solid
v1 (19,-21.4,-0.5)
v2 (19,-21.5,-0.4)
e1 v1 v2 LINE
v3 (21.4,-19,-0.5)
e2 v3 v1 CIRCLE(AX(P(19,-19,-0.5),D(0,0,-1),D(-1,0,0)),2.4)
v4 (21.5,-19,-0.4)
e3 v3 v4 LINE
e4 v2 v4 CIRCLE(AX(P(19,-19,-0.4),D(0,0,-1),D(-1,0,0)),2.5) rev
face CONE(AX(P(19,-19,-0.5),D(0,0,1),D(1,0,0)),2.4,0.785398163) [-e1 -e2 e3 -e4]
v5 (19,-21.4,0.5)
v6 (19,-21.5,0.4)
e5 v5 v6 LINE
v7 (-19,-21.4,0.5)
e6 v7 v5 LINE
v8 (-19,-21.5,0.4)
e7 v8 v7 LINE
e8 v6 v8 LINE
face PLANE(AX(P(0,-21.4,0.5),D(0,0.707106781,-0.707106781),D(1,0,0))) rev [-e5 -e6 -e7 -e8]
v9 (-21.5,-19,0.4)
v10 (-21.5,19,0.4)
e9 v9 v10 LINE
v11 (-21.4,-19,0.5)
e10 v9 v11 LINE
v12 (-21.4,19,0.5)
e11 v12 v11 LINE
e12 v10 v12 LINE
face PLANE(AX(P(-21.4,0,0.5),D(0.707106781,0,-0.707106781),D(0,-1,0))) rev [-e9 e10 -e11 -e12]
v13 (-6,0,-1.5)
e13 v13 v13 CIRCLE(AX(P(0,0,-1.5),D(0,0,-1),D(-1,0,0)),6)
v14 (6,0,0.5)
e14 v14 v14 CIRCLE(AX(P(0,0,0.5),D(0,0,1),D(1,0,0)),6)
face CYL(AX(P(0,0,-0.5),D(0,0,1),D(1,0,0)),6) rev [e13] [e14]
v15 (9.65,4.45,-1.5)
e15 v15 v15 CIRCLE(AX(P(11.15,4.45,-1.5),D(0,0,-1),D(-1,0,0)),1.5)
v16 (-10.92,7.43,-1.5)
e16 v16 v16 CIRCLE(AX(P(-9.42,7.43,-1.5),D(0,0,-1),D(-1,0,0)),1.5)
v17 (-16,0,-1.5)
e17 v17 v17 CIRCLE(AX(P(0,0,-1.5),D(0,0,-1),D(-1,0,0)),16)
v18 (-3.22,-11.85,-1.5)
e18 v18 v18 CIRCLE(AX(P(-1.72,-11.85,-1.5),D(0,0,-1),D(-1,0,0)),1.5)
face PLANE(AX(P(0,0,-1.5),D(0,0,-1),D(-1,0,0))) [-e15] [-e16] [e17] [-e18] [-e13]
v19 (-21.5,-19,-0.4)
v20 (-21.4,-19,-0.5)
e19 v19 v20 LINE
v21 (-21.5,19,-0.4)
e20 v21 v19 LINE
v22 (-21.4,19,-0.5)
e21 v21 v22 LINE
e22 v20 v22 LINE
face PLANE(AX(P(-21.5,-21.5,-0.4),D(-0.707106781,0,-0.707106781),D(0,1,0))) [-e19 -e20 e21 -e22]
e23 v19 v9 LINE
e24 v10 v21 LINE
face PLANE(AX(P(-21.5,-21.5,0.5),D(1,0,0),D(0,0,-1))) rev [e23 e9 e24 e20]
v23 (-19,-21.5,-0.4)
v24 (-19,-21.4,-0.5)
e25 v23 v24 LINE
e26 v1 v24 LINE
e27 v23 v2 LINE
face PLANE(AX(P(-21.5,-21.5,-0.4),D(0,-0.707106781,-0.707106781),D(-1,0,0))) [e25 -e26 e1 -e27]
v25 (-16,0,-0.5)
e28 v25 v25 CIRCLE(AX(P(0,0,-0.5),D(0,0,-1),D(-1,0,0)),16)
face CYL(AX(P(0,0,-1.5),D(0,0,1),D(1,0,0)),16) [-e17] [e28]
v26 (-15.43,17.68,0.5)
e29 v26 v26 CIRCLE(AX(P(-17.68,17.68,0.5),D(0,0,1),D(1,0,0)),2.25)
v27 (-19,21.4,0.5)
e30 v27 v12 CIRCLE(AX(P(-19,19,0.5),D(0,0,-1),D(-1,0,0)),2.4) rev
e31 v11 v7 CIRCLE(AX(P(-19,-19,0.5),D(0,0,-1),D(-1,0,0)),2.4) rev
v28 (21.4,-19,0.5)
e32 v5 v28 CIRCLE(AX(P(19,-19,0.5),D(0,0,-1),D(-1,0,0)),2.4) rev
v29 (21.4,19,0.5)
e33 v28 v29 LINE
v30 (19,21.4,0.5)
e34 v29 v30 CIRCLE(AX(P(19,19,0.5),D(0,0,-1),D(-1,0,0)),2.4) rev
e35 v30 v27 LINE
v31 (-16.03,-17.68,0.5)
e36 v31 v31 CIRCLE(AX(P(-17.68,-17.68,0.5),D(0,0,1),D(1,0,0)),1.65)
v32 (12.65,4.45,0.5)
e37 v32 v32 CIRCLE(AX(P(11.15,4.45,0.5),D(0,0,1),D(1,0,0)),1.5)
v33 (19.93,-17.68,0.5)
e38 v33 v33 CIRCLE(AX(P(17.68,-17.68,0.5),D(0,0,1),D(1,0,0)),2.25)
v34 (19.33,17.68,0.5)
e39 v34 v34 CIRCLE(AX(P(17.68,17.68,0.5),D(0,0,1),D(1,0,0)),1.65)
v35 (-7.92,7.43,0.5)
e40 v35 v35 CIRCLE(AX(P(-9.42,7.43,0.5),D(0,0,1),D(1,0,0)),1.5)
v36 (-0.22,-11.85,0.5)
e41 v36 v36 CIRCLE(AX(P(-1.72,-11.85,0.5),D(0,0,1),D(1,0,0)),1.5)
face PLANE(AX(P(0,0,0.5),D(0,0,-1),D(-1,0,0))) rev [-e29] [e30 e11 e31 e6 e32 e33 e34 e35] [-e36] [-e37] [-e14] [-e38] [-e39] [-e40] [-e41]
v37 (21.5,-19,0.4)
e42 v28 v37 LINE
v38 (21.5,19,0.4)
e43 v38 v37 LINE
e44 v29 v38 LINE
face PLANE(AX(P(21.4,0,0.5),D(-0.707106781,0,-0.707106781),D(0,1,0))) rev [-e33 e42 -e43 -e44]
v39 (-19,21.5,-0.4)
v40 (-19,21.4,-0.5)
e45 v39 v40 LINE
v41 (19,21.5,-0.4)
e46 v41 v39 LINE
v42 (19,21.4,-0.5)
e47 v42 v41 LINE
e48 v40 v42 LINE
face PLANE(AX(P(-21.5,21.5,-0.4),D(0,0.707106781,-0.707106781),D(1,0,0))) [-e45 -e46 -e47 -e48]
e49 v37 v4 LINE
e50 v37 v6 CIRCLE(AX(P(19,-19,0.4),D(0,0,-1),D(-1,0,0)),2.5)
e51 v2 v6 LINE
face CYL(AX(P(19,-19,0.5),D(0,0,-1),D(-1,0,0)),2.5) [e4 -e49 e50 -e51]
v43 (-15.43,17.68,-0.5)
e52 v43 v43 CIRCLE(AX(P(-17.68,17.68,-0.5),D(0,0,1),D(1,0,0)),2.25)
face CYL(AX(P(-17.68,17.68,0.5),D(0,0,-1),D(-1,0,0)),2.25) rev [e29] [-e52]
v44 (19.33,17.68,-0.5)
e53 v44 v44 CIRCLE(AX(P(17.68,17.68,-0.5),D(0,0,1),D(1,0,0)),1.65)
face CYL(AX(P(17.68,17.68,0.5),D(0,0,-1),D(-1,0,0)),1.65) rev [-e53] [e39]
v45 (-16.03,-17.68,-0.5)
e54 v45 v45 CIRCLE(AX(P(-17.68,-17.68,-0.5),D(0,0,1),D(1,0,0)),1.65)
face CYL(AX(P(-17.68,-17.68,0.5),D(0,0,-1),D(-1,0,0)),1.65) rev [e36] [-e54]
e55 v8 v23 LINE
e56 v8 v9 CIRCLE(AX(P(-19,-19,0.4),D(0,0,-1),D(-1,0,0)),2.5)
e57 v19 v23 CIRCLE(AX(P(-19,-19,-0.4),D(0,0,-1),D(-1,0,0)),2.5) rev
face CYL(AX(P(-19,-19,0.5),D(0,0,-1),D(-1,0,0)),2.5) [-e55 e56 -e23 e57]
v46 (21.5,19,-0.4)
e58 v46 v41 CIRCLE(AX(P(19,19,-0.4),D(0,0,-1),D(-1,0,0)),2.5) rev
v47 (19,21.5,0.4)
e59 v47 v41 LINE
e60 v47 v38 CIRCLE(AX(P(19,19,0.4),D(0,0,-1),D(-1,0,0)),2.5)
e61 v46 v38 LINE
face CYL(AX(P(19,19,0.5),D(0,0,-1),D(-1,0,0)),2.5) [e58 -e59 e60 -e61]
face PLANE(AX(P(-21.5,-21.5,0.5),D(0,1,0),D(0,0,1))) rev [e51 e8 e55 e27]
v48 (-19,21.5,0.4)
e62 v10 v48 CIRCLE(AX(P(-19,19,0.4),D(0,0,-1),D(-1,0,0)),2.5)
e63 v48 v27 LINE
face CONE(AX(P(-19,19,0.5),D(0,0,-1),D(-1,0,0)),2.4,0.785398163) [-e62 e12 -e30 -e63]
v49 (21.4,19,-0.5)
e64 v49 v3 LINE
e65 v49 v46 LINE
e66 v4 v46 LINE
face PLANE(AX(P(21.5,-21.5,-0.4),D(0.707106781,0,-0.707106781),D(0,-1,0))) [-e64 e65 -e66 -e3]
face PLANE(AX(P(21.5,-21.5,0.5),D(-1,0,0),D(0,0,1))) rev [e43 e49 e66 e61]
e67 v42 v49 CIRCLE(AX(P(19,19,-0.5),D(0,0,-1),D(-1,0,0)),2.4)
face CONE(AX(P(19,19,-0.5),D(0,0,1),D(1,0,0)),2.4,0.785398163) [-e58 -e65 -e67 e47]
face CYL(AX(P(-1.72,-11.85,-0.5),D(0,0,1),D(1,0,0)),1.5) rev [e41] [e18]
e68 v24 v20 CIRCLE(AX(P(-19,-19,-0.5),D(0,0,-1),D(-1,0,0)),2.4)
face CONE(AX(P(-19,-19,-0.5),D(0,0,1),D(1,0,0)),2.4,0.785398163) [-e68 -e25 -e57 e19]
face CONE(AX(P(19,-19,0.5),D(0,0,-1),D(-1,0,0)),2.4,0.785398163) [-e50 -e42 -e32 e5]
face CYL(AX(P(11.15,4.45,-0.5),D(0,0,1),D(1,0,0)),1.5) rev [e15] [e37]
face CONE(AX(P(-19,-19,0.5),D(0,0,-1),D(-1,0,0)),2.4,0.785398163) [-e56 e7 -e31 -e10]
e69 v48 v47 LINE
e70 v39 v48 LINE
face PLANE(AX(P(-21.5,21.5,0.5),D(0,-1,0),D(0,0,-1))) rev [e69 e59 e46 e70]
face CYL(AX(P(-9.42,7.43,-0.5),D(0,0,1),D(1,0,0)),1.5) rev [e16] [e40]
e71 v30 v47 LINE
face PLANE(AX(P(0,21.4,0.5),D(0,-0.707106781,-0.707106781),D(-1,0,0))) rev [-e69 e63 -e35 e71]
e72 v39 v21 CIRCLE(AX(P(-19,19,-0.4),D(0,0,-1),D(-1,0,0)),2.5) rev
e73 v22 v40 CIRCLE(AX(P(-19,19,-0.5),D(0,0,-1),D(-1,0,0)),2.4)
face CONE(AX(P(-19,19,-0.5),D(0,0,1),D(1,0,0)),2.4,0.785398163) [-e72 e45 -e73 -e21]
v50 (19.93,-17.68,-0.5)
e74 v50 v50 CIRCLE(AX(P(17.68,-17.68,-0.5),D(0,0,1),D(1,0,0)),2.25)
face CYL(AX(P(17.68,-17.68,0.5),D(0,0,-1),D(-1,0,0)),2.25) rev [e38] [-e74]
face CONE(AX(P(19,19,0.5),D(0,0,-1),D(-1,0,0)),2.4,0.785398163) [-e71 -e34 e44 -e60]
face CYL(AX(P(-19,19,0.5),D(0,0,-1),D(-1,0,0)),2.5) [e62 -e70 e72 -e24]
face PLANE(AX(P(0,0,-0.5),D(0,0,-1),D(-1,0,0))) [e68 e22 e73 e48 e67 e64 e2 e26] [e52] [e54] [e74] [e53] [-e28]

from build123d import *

# Parameters (mm, degrees)
SKETCH1_W           = 43
SKETCH1_H           = 43
SKETCH1_R           = 2.25
SKETCH1_R_2         = 1.65
BOSS_EXTRUDE1_DEPTH = 0.5
SKETCH2_R           = 6
CUT_EXTRUDE1_DEPTH  = 1
FILLET1_R           = 2.5
CHAMFER1_SIZE       = 0.1
SKETCH3_R           = 1.5
CUT_EXTRUDE2_DEPTH  = 31.42203149
SKETCH4_R           = 16
SKETCH4_R_2         = 6
SKETCH4_R_3         = 1.5
BOSS_EXTRUDE2_DEPTH = 1


with BuildPart() as part:
    # Sketch1 → Boss-Extrude1 (new, symmetric)
    with BuildSketch(Plane.XY):
        Rectangle(SKETCH1_W, SKETCH1_H)
        with Locations((-17.68, 17.68)):
            Circle(SKETCH1_R, mode=Mode.SUBTRACT)
        with Locations((17.68, -17.68)):
            Circle(SKETCH1_R, mode=Mode.SUBTRACT)
        with Locations((17.68, 17.68)):
            Circle(SKETCH1_R_2, mode=Mode.SUBTRACT)
        with Locations((-17.68, -17.68)):
            Circle(SKETCH1_R_2, mode=Mode.SUBTRACT)
    extrude(amount=BOSS_EXTRUDE1_DEPTH, both=True)

    # Sketch2 → Cut-Extrude1 (cut)
    with BuildSketch(Plane.XY.offset(0.5)):
        Circle(SKETCH2_R)
    extrude(amount=-CUT_EXTRUDE1_DEPTH, mode=Mode.SUBTRACT)

    # Fillet1
    fillet1_edges = [part.edges().sort_by_distance(p)[0] for p in [
        (21.5, -21.5, 0),
        (-21.5, -21.5, 0),
        (-21.5, 21.5, 0),
        (21.5, 21.5, 0),
    ]]
    fillet(fillet1_edges, radius=FILLET1_R)

    # Chamfer1
    chamfer1_edges = [part.edges().sort_by_distance(p)[0] for p in [
        (0, -21.5, -0.5),
        (0, -21.5, 0.5),
        (21.5, 0, -0.5),
        (-21.5, 0, -0.5),
        (0, 21.5, -0.5),
        (-20.767766953, 20.767766953, -0.5),
        (20.767766953, 20.767766953, -0.5),
        (20.767766953, -20.767766953, -0.5),
        (-20.767766953, -20.767766953, -0.5),
        (-21.5, 0, 0.5),
        (21.5, 0, 0.5),
        (0, 21.5, 0.5),
        (-20.767766953, 20.767766953, 0.5),
        (20.767766953, 20.767766953, 0.5),
        (20.767766953, -20.767766953, 0.5),
        (-20.767766953, -20.767766953, 0.5),
    ]]
    chamfer(chamfer1_edges, length=CHAMFER1_SIZE)

    # Sketch3 → Cut-Extrude2 (cut, through all)
    with BuildSketch(Plane.XY.offset(0.5)):
        with Locations((-9.42, 7.43)):
            Circle(SKETCH3_R)
        with Locations((11.15, 4.45)):
            Circle(SKETCH3_R)
        with Locations((-1.72, -11.85)):
            Circle(SKETCH3_R)
    extrude(amount=-CUT_EXTRUDE2_DEPTH, mode=Mode.SUBTRACT)

    # Sketch4 → Boss-Extrude2 (add)
    with BuildSketch(Plane(origin=(0, 0, -0.5), x_dir=(-1, 0, 0), z_dir=(0, 0, -1))):
        Circle(SKETCH4_R)
        with Locations(Location((0, 0, 0), (0, 0, 180))):
            Circle(SKETCH4_R_2, mode=Mode.SUBTRACT)
        with Locations(Location((-11.15, 4.45, 0), (0, 0, 180))):
            Circle(SKETCH4_R_3, mode=Mode.SUBTRACT)
        with Locations(Location((9.42, 7.43, 0), (0, 0, 180))):
            Circle(SKETCH4_R_3, mode=Mode.SUBTRACT)
        with Locations(Location((1.72, -11.85, 0), (0, 0, 180))):
            Circle(SKETCH4_R_3, mode=Mode.SUBTRACT)
    extrude(amount=BOSS_EXTRUDE2_DEPTH)


solid = part.part
